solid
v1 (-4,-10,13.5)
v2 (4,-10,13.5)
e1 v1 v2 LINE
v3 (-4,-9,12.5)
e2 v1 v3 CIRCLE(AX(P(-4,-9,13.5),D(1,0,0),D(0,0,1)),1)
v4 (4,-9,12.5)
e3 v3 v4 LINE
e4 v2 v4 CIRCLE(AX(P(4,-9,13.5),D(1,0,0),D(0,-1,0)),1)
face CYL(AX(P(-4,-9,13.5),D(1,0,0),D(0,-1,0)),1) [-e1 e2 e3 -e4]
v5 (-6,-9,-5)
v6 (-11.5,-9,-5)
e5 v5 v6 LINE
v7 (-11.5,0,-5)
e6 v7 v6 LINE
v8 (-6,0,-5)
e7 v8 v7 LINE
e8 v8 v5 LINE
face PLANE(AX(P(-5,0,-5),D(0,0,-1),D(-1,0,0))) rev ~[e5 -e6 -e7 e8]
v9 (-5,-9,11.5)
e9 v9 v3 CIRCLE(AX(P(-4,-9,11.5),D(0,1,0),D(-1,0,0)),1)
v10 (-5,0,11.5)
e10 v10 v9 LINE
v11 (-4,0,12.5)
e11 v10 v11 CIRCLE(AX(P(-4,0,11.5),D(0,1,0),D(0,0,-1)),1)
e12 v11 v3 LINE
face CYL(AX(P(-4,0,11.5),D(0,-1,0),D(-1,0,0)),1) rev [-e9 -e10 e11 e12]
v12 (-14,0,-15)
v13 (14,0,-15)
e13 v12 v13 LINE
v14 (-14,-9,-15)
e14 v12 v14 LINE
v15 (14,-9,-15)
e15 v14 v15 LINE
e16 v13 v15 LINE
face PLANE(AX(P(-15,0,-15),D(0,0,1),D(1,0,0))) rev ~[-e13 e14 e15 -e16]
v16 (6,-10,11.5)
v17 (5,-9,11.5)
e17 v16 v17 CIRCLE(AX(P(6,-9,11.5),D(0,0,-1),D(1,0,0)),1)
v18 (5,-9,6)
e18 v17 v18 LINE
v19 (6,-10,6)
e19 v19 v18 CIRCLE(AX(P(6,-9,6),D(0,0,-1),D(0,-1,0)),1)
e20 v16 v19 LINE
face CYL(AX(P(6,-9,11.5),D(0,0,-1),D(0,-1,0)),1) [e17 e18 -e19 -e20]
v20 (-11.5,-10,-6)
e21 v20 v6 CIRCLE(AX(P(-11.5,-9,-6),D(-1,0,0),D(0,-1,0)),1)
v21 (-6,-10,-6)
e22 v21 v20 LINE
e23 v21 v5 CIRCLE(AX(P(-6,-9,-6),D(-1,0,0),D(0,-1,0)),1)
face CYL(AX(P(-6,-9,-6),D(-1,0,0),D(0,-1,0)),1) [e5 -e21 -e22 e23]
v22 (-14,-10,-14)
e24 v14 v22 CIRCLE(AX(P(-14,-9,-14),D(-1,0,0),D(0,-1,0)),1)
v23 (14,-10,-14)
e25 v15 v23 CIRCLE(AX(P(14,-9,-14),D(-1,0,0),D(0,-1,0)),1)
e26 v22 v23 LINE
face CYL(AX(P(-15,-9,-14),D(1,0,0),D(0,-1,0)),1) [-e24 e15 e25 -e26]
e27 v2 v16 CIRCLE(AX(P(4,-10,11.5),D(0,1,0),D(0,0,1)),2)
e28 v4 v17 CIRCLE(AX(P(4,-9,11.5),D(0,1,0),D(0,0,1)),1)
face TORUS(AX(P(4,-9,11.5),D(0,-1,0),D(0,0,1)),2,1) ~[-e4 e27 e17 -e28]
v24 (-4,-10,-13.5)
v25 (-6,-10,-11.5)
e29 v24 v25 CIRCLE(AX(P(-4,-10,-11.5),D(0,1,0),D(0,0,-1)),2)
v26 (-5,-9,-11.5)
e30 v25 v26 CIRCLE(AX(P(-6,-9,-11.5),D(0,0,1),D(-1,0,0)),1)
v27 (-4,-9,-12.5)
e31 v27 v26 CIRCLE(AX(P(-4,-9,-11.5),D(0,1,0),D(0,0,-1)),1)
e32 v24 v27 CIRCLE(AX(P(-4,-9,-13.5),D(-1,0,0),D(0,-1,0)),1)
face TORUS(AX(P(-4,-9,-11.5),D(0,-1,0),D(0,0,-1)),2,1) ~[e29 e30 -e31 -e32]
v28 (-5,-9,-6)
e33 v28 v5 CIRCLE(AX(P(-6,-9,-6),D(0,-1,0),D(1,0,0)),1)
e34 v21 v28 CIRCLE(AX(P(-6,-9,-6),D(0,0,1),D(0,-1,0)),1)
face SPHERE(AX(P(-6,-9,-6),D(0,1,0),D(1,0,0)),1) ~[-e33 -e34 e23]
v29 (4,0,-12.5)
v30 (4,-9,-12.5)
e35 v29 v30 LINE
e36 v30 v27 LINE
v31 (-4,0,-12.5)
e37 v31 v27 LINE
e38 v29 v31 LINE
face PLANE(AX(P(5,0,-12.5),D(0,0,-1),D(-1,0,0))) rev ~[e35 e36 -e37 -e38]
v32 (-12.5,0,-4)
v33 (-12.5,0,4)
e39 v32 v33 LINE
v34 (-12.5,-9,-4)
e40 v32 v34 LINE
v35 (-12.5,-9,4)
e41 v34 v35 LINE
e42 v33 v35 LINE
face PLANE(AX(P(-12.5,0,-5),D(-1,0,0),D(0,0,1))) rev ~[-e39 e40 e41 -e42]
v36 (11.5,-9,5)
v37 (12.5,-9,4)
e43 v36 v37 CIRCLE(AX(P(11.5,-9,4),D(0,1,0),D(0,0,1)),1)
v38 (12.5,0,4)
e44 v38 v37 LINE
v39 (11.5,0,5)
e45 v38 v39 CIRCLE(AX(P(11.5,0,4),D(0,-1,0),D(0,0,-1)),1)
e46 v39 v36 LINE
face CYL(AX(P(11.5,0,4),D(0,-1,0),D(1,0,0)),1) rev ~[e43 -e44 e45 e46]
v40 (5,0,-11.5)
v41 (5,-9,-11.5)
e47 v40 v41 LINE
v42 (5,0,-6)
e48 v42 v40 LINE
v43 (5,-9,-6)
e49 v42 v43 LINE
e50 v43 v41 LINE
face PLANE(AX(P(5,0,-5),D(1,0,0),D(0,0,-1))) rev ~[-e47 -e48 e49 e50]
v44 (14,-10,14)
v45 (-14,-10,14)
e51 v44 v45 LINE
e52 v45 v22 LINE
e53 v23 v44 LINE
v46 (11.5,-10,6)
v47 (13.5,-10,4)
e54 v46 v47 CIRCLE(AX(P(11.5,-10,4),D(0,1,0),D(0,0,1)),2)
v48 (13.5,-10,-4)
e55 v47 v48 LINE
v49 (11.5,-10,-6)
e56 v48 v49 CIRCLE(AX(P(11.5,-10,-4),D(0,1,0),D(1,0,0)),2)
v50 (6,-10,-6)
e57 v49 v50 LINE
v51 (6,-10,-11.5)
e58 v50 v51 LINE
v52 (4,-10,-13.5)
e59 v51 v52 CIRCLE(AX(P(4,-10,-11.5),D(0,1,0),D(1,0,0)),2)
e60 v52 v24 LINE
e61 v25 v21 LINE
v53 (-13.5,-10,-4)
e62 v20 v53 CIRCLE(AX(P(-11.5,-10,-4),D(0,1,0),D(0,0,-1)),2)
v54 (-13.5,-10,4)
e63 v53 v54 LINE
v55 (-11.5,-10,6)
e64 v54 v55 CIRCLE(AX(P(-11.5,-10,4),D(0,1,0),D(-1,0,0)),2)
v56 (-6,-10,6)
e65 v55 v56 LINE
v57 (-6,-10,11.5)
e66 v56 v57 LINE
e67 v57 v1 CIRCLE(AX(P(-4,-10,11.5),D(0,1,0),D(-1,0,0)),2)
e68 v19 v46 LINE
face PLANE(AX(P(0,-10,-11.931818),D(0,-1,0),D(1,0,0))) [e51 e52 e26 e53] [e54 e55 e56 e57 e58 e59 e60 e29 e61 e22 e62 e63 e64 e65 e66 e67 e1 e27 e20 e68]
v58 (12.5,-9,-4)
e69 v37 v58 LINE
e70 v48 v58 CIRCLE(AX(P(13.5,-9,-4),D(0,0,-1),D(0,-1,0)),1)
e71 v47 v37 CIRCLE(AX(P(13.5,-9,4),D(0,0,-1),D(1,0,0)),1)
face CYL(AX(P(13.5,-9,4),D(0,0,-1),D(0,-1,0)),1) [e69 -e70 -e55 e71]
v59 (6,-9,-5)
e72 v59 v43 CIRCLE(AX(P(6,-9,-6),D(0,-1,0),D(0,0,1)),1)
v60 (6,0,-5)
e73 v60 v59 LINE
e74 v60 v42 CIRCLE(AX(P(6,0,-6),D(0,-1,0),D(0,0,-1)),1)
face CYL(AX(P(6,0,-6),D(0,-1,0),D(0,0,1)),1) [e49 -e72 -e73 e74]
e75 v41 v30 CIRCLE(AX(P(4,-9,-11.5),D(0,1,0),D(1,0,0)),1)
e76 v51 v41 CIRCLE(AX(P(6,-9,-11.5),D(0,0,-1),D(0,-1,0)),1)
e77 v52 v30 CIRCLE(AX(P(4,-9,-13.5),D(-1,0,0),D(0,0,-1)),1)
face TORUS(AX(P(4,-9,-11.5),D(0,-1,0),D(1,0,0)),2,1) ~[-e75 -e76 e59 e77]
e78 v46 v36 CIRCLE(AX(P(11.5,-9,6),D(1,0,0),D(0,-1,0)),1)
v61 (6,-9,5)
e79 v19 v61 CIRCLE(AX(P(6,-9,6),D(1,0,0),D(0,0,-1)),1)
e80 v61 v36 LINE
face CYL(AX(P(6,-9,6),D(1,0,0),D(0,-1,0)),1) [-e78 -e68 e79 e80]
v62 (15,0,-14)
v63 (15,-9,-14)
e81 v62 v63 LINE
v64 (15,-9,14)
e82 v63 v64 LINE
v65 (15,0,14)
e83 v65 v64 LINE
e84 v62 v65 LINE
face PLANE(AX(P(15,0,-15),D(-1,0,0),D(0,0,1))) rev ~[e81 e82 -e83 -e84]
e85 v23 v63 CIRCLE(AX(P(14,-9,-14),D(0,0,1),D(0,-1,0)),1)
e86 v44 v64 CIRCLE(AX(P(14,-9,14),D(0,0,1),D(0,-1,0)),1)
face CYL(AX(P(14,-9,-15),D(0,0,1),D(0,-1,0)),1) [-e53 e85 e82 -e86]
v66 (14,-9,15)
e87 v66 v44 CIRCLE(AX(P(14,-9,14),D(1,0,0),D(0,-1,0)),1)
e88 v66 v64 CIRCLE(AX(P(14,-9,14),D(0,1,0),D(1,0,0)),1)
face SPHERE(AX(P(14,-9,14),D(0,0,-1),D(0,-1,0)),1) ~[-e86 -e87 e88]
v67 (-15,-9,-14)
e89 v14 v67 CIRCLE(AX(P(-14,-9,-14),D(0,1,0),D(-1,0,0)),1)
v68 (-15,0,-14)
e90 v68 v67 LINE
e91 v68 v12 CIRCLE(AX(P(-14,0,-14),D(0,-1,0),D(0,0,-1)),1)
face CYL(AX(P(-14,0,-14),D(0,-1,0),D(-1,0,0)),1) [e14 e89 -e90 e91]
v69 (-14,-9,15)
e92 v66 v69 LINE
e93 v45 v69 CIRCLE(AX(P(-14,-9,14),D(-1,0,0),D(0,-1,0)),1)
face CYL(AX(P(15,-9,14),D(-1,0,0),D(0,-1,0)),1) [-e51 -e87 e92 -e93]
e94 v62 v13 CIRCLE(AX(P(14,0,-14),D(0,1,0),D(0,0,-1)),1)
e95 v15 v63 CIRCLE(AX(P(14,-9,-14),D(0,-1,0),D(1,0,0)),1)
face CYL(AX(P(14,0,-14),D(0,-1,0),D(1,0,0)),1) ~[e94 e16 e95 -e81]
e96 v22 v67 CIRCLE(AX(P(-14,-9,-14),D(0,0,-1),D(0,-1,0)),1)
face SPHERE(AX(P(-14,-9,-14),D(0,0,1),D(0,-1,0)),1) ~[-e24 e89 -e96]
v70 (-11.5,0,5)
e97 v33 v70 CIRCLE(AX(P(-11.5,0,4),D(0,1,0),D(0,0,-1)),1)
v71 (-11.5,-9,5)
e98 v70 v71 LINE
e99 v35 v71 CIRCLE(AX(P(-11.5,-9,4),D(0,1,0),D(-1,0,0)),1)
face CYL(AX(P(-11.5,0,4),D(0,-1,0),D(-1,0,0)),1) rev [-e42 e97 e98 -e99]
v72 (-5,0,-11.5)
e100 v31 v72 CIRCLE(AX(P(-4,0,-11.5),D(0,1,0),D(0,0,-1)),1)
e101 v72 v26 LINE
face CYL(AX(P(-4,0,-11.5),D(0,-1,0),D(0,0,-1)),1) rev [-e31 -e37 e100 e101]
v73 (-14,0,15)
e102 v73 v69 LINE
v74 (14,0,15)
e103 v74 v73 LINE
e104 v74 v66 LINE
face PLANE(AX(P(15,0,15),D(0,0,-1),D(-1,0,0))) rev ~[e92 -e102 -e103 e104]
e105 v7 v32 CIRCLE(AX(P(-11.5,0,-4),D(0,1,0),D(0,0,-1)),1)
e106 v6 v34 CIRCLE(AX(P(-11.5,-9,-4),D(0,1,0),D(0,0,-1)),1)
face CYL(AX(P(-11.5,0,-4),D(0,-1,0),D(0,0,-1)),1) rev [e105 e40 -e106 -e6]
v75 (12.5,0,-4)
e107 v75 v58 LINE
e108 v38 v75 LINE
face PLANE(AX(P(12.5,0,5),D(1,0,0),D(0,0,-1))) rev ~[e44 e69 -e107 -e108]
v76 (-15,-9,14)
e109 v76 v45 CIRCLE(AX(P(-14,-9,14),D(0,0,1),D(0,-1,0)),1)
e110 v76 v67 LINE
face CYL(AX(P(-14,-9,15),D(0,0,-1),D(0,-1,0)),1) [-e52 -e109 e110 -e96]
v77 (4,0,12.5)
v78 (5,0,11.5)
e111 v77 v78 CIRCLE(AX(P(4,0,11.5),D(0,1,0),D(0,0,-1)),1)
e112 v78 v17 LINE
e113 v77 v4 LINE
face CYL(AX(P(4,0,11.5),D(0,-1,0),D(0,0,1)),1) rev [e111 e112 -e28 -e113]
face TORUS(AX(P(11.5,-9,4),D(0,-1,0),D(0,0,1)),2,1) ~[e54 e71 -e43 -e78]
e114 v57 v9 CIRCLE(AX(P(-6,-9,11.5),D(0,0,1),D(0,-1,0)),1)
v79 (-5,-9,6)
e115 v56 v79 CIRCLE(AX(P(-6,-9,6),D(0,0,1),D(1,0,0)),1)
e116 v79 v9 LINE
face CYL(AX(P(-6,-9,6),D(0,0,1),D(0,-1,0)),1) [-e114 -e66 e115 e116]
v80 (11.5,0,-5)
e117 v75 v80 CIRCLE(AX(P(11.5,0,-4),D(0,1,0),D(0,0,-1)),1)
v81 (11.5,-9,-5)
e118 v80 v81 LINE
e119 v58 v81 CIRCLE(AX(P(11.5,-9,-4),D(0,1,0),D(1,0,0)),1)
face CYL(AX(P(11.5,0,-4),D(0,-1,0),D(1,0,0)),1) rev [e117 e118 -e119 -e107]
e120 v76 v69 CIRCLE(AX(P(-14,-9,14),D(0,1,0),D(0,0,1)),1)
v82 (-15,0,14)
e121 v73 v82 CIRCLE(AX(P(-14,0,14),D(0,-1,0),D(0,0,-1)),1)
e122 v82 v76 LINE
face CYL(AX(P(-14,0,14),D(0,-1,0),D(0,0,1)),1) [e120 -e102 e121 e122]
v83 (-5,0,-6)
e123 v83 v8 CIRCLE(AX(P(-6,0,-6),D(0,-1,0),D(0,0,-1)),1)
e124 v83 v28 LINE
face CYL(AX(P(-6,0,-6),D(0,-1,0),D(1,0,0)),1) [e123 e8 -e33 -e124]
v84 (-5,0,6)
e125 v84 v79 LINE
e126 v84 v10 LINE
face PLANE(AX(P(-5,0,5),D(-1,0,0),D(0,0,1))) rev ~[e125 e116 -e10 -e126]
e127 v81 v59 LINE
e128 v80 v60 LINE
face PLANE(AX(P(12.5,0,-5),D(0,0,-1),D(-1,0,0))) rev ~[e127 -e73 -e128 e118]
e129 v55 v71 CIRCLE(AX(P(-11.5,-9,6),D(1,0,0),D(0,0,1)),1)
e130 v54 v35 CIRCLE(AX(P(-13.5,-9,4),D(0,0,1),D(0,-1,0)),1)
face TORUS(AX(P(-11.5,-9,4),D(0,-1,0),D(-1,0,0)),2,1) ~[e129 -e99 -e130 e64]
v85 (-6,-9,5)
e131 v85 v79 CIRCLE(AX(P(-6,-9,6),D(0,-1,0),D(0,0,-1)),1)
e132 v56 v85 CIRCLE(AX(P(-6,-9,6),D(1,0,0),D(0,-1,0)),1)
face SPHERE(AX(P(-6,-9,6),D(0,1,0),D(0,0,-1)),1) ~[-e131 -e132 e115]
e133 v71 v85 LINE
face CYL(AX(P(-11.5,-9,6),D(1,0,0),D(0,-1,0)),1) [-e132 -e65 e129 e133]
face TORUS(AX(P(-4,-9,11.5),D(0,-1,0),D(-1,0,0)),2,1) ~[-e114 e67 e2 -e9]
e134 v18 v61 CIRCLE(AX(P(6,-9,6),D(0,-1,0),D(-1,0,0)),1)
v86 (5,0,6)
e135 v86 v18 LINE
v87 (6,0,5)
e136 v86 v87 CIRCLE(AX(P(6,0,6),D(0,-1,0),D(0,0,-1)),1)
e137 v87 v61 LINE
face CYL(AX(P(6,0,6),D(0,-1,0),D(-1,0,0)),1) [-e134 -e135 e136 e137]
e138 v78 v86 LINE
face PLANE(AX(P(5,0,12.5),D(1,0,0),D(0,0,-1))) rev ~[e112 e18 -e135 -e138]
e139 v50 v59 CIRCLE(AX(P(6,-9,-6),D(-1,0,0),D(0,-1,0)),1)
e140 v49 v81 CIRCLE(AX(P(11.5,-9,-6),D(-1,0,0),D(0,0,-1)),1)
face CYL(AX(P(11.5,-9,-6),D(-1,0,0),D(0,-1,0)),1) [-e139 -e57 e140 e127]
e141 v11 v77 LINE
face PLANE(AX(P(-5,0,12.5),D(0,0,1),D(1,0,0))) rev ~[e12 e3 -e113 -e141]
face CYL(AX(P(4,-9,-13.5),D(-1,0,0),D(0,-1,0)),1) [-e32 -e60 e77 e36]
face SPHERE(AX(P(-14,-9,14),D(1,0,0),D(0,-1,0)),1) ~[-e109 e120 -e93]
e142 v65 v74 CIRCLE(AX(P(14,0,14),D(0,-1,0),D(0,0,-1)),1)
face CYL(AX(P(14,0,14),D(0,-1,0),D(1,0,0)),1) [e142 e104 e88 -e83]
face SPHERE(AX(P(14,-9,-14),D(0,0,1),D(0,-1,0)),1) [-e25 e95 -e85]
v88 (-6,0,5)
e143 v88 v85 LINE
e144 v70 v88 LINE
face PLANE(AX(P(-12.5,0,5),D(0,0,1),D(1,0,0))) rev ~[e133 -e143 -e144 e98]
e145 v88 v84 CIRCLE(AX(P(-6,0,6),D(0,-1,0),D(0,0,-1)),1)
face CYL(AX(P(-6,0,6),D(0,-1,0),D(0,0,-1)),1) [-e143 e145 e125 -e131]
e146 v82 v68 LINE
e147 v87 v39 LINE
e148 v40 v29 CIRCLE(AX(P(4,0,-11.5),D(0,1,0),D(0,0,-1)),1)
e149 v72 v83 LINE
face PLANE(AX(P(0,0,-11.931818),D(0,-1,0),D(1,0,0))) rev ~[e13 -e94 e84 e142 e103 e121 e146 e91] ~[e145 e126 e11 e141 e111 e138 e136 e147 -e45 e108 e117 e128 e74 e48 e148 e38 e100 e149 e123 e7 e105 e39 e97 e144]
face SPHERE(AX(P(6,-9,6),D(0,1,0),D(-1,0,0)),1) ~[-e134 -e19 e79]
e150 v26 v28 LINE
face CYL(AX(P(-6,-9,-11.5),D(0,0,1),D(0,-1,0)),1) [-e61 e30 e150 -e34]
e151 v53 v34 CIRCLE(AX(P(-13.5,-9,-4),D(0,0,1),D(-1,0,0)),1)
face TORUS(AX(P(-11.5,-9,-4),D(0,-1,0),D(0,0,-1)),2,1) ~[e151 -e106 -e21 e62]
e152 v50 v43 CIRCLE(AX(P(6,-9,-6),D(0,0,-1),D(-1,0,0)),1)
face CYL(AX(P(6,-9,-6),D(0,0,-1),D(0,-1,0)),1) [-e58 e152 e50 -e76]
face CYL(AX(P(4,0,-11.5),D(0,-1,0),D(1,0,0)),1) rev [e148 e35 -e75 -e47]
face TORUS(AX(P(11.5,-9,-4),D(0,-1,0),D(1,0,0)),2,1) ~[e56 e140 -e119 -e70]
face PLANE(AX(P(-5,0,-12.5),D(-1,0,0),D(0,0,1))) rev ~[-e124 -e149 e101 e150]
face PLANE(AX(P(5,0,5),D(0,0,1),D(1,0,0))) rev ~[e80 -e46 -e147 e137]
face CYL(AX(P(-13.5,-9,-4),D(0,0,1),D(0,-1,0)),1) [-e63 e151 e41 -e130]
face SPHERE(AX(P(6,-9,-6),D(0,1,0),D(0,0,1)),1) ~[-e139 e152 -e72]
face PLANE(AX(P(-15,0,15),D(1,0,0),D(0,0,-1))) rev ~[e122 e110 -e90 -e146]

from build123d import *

# Parameters (mm, degrees)
F0_W     = 7.5
F0_H     = 7.5
F0_W_2   = 2.5
F0_H_2   = 2.5
F1_DEPTH = 10
F2_R     = 1
F3_R     = 1


with BuildPart() as f1:
    # F0 (on Front) → F1 (new body)
    with BuildSketch(Plane.XZ):
        Polygon((5, -12.5), (-5, -12.5), (-5, -7.5), (-7.5, -7.5), (-7.5, -15), (7.5, -15), (7.5, -7.5), (5, -7.5), align=None)
        Polygon((-15, -7.5), (-7.5, -7.5), (-7.5, -5), (-12.5, -5), (-12.5, 5), (-7.5, 5), (-7.5, 7.5), (-15, 7.5), align=None)
        with Locations((-11.25, -11.25)):
            Rectangle(F0_W, F0_H)
        with Locations((11.25, -11.25)):
            Rectangle(F0_W, F0_H)
        Polygon((7.5, -5), (7.5, -7.5), (15, -7.5), (15, 7.5), (7.5, 7.5), (7.5, 5), (12.5, 5), (12.5, -5), align=None)
        Polygon((-7.5, 7.5), (-5, 7.5), (-5, 12.5), (5, 12.5), (5, 7.5), (7.5, 7.5), (7.5, 15), (-7.5, 15), align=None)
        with Locations((-11.25, 11.25)):
            Rectangle(F0_W, F0_H)
        with Locations((11.25, 11.25)):
            Rectangle(F0_W, F0_H)
        with Locations((-6.25, 6.25)):
            Rectangle(F0_W_2, F0_H_2)
        with Locations((6.25, 6.25)):
            Rectangle(F0_W_2, F0_H_2)
        with Locations((6.25, -6.25)):
            Rectangle(F0_W_2, F0_H_2)
        with Locations((-6.25, -6.25)):
            Rectangle(F0_W_2, F0_H_2)
    extrude(amount=F1_DEPTH)

    # F2
    f2_edges = [f1.edges().sort_by_distance(p)[0] for p in [
        (-5, -5, 5),
        (-5, -5, 12.5),
        (-12.5, -5, 5),
        (5, -5, 12.5),
        (5, -5, 5),
        (12.5, -5, 5),
        (12.5, -5, -5),
        (5, -5, -5),
        (5, -5, -12.5),
        (-5, -5, -12.5),
        (-5, -5, -5),
        (-12.5, -5, -5),
    ]]
    fillet(f2_edges, radius=F2_R)

    # F3
    f3_edges = [f1.edges().sort_by_distance(p)[0] for p in [
        (15, -10, 0),
        (0, -10, 15),
        (-15, -10, 0),
        (0, -10, -15),
        (-8.75, -10, -5),
        (-15, -5, -15),
        (15, -5, -15),
        (15, -5, 15),
        (-15, -5, 15),
    ]]
    fillet(f3_edges, radius=F3_R)


solid = f1.part
